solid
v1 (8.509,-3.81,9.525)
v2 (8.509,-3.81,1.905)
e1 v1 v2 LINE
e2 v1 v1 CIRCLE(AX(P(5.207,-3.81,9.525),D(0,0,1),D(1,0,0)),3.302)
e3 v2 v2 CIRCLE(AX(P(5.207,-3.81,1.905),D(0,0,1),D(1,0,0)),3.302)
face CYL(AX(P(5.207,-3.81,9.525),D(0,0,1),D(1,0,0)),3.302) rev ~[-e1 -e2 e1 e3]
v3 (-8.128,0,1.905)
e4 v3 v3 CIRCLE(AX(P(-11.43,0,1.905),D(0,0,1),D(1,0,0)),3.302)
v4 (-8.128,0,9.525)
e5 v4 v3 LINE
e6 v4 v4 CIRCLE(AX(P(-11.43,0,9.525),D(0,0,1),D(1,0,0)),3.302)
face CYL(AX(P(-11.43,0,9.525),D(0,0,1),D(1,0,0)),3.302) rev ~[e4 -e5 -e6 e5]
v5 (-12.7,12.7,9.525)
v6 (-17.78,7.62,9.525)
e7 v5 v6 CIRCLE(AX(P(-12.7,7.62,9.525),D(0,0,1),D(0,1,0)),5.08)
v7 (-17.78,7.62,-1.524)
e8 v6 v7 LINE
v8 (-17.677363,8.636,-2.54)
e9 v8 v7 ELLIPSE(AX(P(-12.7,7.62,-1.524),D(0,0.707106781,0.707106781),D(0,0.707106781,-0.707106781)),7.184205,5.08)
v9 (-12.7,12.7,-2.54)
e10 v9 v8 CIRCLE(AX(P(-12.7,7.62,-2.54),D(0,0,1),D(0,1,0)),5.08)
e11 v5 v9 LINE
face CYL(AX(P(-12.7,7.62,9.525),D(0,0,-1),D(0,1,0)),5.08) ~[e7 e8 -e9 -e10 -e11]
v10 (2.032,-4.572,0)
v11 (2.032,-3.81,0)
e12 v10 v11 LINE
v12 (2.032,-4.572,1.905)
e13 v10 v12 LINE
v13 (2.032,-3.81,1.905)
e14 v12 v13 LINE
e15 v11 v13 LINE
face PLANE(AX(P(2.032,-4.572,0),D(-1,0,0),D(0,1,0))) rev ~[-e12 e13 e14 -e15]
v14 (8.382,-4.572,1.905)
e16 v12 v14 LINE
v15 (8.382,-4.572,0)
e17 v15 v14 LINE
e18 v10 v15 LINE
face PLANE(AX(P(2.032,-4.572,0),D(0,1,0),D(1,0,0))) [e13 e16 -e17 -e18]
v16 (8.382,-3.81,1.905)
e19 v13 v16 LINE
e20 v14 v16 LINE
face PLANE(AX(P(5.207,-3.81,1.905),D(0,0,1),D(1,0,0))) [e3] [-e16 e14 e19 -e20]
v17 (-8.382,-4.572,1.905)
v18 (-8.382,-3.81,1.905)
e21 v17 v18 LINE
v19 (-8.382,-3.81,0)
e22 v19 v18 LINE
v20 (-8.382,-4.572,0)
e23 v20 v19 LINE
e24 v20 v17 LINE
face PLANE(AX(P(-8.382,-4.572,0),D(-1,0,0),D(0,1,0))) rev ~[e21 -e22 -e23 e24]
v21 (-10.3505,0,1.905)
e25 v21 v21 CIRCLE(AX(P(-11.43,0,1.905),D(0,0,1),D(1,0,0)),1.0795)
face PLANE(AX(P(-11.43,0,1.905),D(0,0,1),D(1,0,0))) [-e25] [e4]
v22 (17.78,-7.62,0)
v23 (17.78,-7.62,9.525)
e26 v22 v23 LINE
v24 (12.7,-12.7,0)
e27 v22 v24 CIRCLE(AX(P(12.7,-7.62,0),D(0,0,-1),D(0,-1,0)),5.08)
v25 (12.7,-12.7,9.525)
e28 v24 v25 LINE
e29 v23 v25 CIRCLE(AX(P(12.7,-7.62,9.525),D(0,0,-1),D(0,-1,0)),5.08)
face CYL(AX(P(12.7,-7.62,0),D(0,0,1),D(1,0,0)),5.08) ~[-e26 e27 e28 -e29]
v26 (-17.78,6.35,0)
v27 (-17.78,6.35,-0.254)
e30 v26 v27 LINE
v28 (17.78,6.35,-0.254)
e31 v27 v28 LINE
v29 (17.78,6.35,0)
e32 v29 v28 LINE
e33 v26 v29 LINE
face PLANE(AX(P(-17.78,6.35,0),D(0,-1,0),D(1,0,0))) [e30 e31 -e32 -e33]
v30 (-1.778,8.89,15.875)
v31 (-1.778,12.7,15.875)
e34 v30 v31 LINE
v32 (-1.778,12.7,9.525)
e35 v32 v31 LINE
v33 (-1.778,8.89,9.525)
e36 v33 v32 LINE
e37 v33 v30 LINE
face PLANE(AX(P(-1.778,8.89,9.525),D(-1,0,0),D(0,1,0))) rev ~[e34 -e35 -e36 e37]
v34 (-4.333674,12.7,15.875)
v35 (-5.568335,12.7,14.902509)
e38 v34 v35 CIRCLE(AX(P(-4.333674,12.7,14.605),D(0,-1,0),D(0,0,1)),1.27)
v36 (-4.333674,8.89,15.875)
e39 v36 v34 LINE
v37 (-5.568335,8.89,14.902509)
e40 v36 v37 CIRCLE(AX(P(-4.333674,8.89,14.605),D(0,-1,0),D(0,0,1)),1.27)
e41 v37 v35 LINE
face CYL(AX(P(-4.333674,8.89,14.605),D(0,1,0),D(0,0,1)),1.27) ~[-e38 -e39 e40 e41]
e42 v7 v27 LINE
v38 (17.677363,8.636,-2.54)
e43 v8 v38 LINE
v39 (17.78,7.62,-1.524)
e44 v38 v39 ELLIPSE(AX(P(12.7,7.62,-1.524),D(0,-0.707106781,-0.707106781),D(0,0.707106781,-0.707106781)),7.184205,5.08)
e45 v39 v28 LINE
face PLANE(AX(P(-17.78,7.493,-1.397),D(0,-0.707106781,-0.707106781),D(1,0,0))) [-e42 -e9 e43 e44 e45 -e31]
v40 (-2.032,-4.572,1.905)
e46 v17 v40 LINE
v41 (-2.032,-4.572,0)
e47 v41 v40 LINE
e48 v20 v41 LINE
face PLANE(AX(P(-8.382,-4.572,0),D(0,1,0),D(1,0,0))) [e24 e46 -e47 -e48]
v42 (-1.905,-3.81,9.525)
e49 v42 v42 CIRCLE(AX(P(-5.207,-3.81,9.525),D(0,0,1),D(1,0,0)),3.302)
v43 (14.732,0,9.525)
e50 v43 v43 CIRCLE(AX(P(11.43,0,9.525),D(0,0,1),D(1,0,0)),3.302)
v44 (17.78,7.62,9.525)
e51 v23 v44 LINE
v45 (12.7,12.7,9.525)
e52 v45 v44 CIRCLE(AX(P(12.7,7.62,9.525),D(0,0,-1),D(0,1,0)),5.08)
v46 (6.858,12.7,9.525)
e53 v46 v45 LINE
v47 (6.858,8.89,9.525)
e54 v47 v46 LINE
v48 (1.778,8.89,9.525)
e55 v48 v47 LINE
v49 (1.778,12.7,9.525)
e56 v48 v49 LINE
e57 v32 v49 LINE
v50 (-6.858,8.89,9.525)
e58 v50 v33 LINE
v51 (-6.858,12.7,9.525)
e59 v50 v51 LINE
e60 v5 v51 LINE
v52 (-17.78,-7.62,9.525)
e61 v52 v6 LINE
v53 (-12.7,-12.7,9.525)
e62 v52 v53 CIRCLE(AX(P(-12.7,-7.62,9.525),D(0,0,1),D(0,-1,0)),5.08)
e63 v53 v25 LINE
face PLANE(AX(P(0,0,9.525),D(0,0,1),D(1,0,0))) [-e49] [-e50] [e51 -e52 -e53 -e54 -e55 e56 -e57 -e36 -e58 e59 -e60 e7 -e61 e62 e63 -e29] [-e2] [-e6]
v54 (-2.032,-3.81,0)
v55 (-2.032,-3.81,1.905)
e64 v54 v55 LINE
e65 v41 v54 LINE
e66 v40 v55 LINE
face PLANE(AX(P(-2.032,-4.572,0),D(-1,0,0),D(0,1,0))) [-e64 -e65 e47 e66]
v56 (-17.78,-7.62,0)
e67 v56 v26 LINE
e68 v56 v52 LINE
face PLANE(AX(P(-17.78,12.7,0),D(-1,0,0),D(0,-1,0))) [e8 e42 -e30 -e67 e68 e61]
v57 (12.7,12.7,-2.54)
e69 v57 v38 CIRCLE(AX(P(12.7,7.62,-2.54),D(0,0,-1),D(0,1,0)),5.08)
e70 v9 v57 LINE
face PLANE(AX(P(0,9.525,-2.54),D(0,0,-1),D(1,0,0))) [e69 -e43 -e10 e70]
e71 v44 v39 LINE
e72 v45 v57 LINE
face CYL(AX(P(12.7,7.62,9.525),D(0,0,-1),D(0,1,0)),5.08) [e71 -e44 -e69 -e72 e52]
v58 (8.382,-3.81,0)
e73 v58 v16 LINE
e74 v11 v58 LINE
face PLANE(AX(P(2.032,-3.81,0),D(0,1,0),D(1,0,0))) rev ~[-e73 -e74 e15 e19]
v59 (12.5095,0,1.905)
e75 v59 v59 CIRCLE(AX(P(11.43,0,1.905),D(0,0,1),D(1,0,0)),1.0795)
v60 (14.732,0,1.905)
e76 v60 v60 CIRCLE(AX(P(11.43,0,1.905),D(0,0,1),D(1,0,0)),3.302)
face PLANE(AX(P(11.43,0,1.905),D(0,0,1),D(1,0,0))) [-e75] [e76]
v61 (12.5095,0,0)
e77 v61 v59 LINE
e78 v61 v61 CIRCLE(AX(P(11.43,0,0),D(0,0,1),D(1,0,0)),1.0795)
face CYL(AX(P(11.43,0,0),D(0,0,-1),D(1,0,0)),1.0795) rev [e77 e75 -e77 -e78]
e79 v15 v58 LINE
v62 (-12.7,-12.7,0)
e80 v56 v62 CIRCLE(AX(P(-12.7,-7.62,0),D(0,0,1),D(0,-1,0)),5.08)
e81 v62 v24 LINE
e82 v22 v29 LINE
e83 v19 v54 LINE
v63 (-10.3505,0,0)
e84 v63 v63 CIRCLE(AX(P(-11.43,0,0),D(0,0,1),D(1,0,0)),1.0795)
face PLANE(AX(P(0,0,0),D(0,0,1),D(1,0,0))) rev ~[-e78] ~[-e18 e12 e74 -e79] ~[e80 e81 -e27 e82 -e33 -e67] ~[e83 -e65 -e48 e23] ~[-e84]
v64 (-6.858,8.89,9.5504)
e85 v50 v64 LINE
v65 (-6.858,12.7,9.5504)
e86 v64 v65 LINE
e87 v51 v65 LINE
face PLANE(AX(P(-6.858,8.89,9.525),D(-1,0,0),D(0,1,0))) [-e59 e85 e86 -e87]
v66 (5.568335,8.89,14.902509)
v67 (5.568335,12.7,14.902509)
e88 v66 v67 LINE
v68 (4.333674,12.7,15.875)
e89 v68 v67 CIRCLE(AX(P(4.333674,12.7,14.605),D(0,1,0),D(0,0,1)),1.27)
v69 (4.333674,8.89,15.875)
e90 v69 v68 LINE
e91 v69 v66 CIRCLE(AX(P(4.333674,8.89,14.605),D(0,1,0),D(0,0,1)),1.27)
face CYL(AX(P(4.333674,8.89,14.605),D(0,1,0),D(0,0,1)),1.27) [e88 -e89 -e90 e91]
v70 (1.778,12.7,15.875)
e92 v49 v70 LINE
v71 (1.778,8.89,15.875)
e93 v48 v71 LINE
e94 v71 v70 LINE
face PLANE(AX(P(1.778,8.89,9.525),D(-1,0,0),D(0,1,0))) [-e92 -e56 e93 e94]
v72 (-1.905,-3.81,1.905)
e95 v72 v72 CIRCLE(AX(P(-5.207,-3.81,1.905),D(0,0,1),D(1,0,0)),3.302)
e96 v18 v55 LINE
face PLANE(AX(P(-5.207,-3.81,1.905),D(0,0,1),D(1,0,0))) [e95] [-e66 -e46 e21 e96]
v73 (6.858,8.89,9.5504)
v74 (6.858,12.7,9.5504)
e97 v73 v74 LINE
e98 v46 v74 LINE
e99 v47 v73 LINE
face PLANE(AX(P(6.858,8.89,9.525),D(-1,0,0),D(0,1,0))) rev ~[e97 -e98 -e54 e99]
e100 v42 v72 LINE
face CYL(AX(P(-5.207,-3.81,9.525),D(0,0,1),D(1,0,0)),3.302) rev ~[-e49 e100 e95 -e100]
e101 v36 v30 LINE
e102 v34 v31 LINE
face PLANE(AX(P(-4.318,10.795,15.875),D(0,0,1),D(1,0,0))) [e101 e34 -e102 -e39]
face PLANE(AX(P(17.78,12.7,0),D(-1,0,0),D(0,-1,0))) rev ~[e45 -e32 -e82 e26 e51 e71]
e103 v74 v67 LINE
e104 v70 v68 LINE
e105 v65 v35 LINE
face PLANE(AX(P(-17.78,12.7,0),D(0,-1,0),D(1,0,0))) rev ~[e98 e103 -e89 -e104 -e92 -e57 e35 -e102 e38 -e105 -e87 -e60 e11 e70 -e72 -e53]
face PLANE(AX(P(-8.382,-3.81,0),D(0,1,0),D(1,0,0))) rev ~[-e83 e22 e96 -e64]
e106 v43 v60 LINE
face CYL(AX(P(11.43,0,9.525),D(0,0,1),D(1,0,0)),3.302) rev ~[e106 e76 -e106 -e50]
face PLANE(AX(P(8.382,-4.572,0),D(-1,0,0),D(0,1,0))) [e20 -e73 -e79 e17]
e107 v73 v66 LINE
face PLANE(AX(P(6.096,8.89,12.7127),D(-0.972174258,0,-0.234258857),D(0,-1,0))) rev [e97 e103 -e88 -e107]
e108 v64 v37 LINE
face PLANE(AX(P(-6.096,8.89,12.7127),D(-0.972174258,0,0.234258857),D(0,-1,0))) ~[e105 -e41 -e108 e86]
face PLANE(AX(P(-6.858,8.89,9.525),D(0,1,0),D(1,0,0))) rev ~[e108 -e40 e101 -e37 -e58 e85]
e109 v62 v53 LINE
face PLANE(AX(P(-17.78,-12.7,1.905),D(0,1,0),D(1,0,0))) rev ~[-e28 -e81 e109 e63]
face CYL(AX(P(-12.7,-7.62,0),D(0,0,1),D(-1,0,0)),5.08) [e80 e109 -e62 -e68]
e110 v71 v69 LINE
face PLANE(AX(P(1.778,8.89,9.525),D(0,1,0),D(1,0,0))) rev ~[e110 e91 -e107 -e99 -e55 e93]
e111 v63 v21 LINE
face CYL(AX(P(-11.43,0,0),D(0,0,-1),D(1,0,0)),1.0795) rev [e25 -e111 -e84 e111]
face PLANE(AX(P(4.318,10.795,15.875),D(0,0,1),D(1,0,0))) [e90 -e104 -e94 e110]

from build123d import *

# Parameters (mm, degrees)
SKETCH_W        = 35.56
SKETCH_H        = 25.4
SKETCH_R        = 1.0795
SKETCH_W_2      = 6.35
SKETCH_H_2      = 0.762
PAD_DEPTH       = 1.905
SKETCH001_W     = 35.56
SKETCH001_H     = 25.4
PAD001_DEPTH    = 7.62
SKETCH002_R     = 3.302
POCKET_DEPTH    = 7.62
SKETCH003_W     = 35.56
SKETCH003_H     = 6.35
PAD002_DEPTH    = 2.54
SKETCH004_W     = 5.08
SKETCH004_H     = 3.81
PAD003_DEPTH    = 6.35
CHAMFER_1_SIZE2 = 1.524
CHAMFER_1_SIZE  = 6.3246
CHAMFER_2_SIZE2 = 1.524
CHAMFER_2_SIZE  = 6.3246
FILLET_R        = 1.27
FILLET001_R     = 5.08
CHAMFER001_SIZE = 2.286


with BuildPart() as part:
    # Sketch → Pad (new body)
    with BuildSketch(Plane.XY):
        Rectangle(SKETCH_W, SKETCH_H)
        with Locations((-11.43, 0)):
            Circle(SKETCH_R, mode=Mode.SUBTRACT)
        with Locations((11.43, 0)):
            Circle(SKETCH_R, mode=Mode.SUBTRACT)
        with Locations((5.207, -4.191)):
            Rectangle(SKETCH_W_2, SKETCH_H_2, mode=Mode.SUBTRACT)
        with Locations((-5.207, -4.191)):
            Rectangle(SKETCH_W_2, SKETCH_H_2, mode=Mode.SUBTRACT)
    extrude(amount=PAD_DEPTH)

    # Sketch001 (on Face16 of Pad) → Pad001 (join)
    with BuildSketch(Plane.XY.offset(1.905)):
        Rectangle(SKETCH001_W, SKETCH001_H)
    extrude(amount=PAD001_DEPTH)

    # Sketch002 (on Face17 of Pad001) → Pocket (cut)
    with BuildSketch(Plane.XY.offset(9.525)):
        with Locations((-5.207, -3.81)):
            Circle(SKETCH002_R)
        with Locations((5.207, -3.81)):
            Circle(SKETCH002_R)
        with Locations((11.43, 0)):
            Circle(SKETCH002_R)
        with Locations((-11.43, 0)):
            Circle(SKETCH002_R)
    extrude(amount=-POCKET_DEPTH, mode=Mode.SUBTRACT)

    # Sketch003 (on Face1 of Pocket) → Pad002 (join)
    with BuildSketch(Plane(origin=(0, 0, 0), x_dir=(1, 0, 0), z_dir=(0, 0, -1))):
        with Locations((0, -9.525)):
            Rectangle(SKETCH003_W, SKETCH003_H)
    extrude(amount=PAD002_DEPTH)

    # Sketch004 (on Face15 of Pad002) → Pad003 (join)
    with BuildSketch(Plane.XY.offset(9.525)):
        with Locations((-4.318, 10.795)):
            Rectangle(SKETCH004_W, SKETCH004_H)
        with Locations((4.318, 10.795)):
            Rectangle(SKETCH004_W, SKETCH004_H)
    extrude(amount=PAD003_DEPTH)

    # Chamfer 1
    chamfer_1_edges = [part.edges().sort_by_distance(p)[0] for p in [
        (-6.858, 10.795, 15.875),
    ]]
    chamfer_1_side = part.faces().sort_by_distance((-6.858, 10.795, 12.7))[0]
    chamfer(chamfer_1_edges, length=CHAMFER_1_SIZE, length2=CHAMFER_1_SIZE2, reference=chamfer_1_side)

    # Chamfer 2
    chamfer_2_edges = [part.edges().sort_by_distance(p)[0] for p in [
        (6.858, 10.795, 15.875),
    ]]
    chamfer_2_side = part.faces().sort_by_distance((6.858, 10.795, 12.7))[0]
    chamfer(chamfer_2_edges, length=CHAMFER_2_SIZE, length2=CHAMFER_2_SIZE2, reference=chamfer_2_side)

    # Fillet
    fillet_edges = [part.edges().sort_by_distance(p)[0] for p in [
        (-5.334, 10.795, 15.875),
        (5.334, 10.795, 15.875),
    ]]
    fillet(fillet_edges, radius=FILLET_R)

    # Fillet001
    fillet001_edges = [part.edges().sort_by_distance(p)[0] for p in [
        (-17.78, -12.7, 4.7625),
        (-17.78, 12.7, 3.4925),
        (17.78, -12.7, 4.7625),
        (17.78, 12.7, 3.4925),
    ]]
    fillet(fillet001_edges, radius=FILLET001_R)

    # Chamfer001
    chamfer001_edges = [part.edges().sort_by_distance(p)[0] for p in [
        (0, 6.35, -2.54),
    ]]
    chamfer(chamfer001_edges, length=CHAMFER001_SIZE)


solid = part.part
